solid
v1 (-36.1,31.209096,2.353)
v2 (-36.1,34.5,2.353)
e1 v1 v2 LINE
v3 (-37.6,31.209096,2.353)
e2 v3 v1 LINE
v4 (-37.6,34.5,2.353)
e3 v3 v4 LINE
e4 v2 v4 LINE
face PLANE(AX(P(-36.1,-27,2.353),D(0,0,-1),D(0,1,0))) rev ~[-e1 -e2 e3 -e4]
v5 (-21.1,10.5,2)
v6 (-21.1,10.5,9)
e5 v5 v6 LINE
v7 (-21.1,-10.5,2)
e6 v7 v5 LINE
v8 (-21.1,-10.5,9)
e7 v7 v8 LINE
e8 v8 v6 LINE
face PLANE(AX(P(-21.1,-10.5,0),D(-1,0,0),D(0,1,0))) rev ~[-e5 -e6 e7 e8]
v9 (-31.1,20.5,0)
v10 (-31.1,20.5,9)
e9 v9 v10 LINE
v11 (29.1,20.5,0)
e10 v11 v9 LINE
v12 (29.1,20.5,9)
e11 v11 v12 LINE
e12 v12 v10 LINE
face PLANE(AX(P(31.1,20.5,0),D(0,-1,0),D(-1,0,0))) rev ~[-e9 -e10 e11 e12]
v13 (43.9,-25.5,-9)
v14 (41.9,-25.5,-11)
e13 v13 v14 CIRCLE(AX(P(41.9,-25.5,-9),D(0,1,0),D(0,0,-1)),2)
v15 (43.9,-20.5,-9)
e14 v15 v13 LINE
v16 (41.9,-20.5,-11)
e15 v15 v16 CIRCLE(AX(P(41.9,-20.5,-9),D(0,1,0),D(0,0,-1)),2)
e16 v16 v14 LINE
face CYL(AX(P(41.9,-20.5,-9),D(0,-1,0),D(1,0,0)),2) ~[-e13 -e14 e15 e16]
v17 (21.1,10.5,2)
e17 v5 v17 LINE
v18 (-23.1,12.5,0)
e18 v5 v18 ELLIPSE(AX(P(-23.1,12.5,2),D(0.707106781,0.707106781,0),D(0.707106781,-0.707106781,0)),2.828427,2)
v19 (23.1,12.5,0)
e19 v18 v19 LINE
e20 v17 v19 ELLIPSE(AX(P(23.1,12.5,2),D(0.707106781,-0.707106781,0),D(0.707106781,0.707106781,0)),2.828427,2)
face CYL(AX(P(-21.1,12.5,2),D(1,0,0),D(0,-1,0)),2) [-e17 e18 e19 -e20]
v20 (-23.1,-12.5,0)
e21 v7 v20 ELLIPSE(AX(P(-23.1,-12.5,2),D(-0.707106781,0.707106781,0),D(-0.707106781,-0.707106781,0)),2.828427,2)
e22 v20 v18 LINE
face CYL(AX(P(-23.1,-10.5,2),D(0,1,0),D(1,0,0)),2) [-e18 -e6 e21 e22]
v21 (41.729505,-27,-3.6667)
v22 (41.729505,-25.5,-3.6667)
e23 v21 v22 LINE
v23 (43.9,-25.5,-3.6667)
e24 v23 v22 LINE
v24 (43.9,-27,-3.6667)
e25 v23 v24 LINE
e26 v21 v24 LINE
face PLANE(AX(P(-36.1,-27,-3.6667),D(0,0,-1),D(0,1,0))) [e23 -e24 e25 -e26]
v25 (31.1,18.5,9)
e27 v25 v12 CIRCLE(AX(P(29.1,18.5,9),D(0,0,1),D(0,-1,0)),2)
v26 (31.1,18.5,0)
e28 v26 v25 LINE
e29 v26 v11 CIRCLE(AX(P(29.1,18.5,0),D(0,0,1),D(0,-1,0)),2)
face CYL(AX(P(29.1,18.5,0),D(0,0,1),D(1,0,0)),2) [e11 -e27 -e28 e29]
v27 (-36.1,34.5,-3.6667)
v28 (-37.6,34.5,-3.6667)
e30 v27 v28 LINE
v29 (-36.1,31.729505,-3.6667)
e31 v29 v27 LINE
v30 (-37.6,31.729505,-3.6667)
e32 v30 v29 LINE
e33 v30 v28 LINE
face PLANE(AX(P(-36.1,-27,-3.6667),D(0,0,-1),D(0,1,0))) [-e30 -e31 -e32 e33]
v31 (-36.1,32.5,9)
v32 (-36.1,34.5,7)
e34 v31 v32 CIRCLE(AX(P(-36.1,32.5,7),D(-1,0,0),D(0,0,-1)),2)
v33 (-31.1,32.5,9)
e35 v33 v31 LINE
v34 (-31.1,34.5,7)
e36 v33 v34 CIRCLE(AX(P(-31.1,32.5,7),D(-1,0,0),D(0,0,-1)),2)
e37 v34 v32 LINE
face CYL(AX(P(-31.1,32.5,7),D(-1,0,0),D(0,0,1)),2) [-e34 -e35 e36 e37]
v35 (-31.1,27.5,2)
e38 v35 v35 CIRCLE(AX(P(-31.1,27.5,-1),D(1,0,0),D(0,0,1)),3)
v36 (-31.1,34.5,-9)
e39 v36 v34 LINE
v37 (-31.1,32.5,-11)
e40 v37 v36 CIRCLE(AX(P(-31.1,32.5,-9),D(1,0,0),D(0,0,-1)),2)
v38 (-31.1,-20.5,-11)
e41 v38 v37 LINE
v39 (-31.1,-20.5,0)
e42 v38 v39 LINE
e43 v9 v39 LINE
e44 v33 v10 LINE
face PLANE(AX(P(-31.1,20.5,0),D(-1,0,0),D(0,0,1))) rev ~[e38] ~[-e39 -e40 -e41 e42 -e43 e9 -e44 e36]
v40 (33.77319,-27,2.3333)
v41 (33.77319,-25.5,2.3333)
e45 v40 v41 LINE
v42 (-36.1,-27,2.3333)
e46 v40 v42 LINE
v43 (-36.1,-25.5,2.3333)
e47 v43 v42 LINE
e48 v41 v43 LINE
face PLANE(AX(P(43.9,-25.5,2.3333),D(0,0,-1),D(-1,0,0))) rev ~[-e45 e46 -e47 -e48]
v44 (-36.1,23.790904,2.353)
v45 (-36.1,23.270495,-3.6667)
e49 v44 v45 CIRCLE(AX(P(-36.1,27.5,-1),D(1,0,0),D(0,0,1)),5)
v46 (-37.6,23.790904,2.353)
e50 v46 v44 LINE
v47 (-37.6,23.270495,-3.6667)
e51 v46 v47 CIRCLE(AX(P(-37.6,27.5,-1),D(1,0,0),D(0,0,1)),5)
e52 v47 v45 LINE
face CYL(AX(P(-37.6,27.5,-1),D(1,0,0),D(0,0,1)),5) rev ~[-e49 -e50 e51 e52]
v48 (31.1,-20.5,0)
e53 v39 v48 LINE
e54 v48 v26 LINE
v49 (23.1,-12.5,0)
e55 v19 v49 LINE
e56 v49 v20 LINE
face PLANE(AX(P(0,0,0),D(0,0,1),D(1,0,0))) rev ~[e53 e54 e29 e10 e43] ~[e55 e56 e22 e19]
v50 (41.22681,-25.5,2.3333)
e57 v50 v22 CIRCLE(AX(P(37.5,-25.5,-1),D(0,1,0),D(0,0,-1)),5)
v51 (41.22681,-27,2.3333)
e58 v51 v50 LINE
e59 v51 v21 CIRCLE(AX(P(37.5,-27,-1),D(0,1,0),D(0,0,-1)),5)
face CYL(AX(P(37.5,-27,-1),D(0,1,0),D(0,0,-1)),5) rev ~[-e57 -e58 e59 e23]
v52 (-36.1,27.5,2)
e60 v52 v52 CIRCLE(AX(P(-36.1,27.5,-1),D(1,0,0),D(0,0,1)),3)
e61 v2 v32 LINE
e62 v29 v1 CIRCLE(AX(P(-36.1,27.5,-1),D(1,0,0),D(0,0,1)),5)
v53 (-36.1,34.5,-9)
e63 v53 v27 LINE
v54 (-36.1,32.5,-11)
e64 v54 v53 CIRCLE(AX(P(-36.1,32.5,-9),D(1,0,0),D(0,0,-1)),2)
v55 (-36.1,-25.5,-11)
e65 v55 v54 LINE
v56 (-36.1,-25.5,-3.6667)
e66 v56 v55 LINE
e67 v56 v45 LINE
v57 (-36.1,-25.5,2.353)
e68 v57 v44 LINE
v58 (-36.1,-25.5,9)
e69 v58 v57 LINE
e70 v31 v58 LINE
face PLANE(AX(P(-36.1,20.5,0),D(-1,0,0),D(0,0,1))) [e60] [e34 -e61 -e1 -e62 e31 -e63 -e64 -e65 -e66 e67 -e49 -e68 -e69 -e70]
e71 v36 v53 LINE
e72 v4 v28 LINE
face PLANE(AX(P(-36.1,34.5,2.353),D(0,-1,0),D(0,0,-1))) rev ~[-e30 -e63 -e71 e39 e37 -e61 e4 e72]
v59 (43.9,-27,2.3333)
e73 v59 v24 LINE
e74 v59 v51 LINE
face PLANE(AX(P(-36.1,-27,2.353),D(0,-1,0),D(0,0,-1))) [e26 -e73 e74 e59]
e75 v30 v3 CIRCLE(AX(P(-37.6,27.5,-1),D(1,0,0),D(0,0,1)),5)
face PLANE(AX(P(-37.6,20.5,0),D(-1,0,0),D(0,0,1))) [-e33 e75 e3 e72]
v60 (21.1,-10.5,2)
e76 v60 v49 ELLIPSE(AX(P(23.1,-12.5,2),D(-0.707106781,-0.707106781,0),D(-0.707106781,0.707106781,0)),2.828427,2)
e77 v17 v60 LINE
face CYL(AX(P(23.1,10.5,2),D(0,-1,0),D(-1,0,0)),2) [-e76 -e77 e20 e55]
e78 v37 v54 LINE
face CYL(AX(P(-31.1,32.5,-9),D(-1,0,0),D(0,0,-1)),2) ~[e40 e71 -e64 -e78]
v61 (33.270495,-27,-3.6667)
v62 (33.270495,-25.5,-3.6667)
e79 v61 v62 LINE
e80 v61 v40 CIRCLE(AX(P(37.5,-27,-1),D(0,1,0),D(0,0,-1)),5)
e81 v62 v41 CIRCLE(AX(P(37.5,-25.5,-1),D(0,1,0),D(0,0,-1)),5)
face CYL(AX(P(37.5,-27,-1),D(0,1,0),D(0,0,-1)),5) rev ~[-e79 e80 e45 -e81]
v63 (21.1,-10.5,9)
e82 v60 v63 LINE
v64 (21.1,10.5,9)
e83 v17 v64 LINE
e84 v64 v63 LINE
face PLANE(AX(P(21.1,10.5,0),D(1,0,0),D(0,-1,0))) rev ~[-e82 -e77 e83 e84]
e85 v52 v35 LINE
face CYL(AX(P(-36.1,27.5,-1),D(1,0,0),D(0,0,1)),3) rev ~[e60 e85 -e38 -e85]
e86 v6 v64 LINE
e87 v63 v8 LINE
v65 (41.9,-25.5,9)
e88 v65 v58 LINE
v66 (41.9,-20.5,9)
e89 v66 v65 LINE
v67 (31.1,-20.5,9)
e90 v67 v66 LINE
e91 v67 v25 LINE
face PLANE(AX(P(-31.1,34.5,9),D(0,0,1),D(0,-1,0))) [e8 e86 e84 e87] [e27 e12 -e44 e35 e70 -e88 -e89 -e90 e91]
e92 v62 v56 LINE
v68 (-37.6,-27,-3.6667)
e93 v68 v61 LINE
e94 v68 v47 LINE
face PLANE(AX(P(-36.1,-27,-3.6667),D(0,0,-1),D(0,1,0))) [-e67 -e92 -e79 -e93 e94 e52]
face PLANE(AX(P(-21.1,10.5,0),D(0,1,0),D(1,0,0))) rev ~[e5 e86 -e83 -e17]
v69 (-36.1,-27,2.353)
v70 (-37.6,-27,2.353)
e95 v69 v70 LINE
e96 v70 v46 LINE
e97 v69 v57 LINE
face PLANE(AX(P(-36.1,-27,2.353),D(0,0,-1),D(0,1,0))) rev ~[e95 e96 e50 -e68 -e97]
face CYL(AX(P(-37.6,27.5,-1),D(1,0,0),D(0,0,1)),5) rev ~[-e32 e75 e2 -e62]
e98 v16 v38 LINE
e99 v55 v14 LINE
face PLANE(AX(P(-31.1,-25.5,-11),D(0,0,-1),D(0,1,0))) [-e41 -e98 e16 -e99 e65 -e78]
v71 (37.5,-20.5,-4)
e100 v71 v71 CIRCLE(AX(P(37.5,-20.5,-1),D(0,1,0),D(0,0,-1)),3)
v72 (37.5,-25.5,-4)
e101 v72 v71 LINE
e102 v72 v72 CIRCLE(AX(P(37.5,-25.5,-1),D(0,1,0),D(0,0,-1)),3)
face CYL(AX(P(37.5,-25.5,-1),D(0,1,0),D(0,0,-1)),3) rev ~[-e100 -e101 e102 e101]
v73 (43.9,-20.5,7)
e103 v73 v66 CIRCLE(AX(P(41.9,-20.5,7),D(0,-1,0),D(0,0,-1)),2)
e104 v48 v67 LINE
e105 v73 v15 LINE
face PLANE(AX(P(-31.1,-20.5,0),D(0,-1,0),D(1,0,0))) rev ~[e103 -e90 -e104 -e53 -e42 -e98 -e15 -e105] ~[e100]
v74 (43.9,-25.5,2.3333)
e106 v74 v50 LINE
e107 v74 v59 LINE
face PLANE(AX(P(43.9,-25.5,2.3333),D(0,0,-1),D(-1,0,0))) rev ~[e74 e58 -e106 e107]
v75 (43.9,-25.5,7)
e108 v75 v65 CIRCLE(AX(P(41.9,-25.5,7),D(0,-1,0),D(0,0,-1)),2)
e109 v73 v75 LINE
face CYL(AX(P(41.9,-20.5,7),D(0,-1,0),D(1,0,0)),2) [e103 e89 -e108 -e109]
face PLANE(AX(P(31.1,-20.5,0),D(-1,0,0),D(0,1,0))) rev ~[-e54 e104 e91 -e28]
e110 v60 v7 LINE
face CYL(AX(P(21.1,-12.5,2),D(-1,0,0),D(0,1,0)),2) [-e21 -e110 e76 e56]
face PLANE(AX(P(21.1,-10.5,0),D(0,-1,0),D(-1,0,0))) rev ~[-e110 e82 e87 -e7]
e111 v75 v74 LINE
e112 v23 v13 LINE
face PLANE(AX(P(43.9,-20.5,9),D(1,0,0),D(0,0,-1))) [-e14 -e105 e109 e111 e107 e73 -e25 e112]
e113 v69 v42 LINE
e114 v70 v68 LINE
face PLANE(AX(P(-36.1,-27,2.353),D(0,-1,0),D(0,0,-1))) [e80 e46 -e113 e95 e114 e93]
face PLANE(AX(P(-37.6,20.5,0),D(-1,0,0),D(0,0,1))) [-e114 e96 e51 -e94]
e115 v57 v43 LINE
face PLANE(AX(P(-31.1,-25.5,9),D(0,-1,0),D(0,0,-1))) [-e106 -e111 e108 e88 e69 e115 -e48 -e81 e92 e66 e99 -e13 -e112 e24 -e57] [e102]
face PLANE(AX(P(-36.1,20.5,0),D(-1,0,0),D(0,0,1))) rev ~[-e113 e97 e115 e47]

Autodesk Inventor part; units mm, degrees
ref_plane "YZ Plane" through (0, 0, 0) normal (1, 0, 0) x (0, 1, 0)
ref_plane "XZ Plane" through (0, 0, 0) normal (0, 1, 0) x (-1, 0, 0)
ref_plane "XY Plane" through (0, 0, 0) normal (0, 0, 1) x (1, 0, 0)
sketch "Sketch1" plane through (0, 0, 0) normal (0, 0, 1) x (1, 0, 0)
  line L0 (-21.1, 10.5) -> (21.1, 10.5)
  line L1 (21.1, 10.5) -> (21.1, -10.5)
  line L2 (21.1, -10.5) -> (-21.1, -10.5)
  line L3 (-21.1, -10.5) -> (-21.1, 10.5)
  line L4 (-21.1, 10.5) -> (21.1, -10.5) construction
  line L5 (21.1, 10.5) -> (-21.1, -10.5) construction
  line L6 (31.1, 20.5) -> (-31.1, 20.5)
  line L7 (-31.1, 20.5) -> (-31.1, -20.5)
  line L8 (-31.1, -20.5) -> (31.1, -20.5)
  line L9 (31.1, -20.5) -> (31.1, 20.5)
  point P0 (0, 0)
  dimension "d0" = 42.2
  dimension "d1" = 21
  dimension "d2" = 10
extrude "Extrusion1" add sketch "Sketch1" along normal blind 9
sketch "Sketch2" plane through (-31.1, -20.5, 0) normal (0, -1, 0) x (1, 0, 0)
  line L0 (62.2, 9) -> (0, 9) projected
  line L1 (0, 9) -> (75, 9)
  line L2 (75, 9) -> (75, -11)
  line L3 (75, -11) -> (0, -11)
  line L4 (0, -11) -> (0, 9)
  point P0 (31.1, 0)
  dimension "d5" = 75
  dimension "d6" = 20
extrude "Extrusion2" add sketch "Sketch2" along normal blind 5
sketch "Sketch3" plane through (-31.1, 20.5, 0) normal (-1, 0, 0) x (0, 0, 1)
  line L0 (9, -46) -> (-11, -46) projected
  line L1 (9, -46) -> (-11, -46)
  line L2 (-11, -46) -> (-11, 14)
  line L3 (-11, 14) -> (9, 14)
  line L4 (9, 14) -> (9, -46)
  point P0 (0, -20.5)
  dimension "d9" = 20
  dimension "d10" = 60
extrude "Extrusion3" add sketch "Sketch3" along normal blind 5
sketch "Sketch4" plane through (-31.1, -25.5, 0) normal (0, -1, 0) x (1, 0, 0)
  line L0 (75, 9) -> (75, -11) projected
  line L1 (75, 2.3333) -> (-5, 2.3333)
  line L2 (-5, -11) -> (-5, 9) projected
  line L3 (75, -3.6667) -> (-5, -3.6667)
  line L4 (75, 9) -> (-5, 9) projected
  line L5 (75, 2.3333) -> (75, -3.6667)
  line L6 (-5, 2.3333) -> (-5, -3.6667)
  point P0 (31.1, 0)
  dimension "d13" = 6
  dimension "d14" = 6.6667
extrude "Extrusion4" add sketch "Sketch4" along normal blind 1.5 contours L0 L3 L2 L1
sketch "Sketch5" plane through (-36.1, 20.5, 0) normal (-1, 0, 0) x (0, 0, 1)
  line L0 (2.353, -47.5) -> (2.353, 14)
  line L1 (9, 14) -> (-11, 14) projected
  line L2 (2.3333, -47.5) -> (-3.6667, -47.5) projected
  line L3 (-3.6667, -47.5) -> (-3.6667, 14)
  line L4 (-3.6667, 14) -> (2.353, 14)
  line L5 (2.353, -47.5) -> (-3.6667, -47.5)
  point P0 (0, -20.5)
extrude "Extrusion5" add sketch "Sketch5" along normal blind 1.5
sketch "Sketch6" plane through (-37.6, 20.5, 0) normal (-1, 0, 0) x (0, 0, 1)
  line L0 (9, 14) -> (2.353, 14) projected
  line L1 (0, 0) -> (9, 0) projected
  line L2 (9, -46) -> (9, 14) projected
  line L3 (-11, 14) -> (-11, -46) projected
  point P0 (0, -20.5)
  point P1 (-1, 7)
  dimension "d19" = 14
  dimension "d20" = 20
  dimension "d21" = 10
  dimension "d22" = 7
hole "Hole1" at (-37.6, 27.5, -1) direction (1, 0, 0) diameter 6 end through all counterbore diameter 10 counterbore depth 1.5
sketch "Sketch7" plane through (-31.1, -27, 0) normal (0, -1, 0) x (1, 0, 0)
  line L0 (75, 2.3333) -> (75, 9) projected
  line L1 (62.2, 0) -> (62.2, 9) projected
  line L2 (75, -11) -> (-5, -11) projected
  line L3 (75, 9) -> (-5, 9) projected
  point P0 (31.1, 0)
  point P1 (68.6, -1)
  dimension "d30" = 12.8
  dimension "d31" = 20
  dimension "d32" = 10
  dimension "d33" = 6.4
hole "Hole2" at (37.5, -27, -1) direction (0, 1, 0) diameter 6 end through all counterbore diameter 10 counterbore depth 1.5
fillet "Fillet1" radius 2 9 edges at (31.1, 20.5, 4.5) (-33.6, 34.5, 9) (-33.6, 34.5, -11) (43.9, -23, 9) (43.9, -23, -11) (0, 10.5, 0) (0, -10.5, 0) (21.1, 0, 0) (-21.1, 0, 0)
equation "\"d21\" = 0.5 * d20"
equation "\"d22\" = 0.5 * d19"
equation "\"d32\" = 0.5 * d31"
equation "\"d33\" = 0.5 * d30"
properties part number "SuporteRJ45"
